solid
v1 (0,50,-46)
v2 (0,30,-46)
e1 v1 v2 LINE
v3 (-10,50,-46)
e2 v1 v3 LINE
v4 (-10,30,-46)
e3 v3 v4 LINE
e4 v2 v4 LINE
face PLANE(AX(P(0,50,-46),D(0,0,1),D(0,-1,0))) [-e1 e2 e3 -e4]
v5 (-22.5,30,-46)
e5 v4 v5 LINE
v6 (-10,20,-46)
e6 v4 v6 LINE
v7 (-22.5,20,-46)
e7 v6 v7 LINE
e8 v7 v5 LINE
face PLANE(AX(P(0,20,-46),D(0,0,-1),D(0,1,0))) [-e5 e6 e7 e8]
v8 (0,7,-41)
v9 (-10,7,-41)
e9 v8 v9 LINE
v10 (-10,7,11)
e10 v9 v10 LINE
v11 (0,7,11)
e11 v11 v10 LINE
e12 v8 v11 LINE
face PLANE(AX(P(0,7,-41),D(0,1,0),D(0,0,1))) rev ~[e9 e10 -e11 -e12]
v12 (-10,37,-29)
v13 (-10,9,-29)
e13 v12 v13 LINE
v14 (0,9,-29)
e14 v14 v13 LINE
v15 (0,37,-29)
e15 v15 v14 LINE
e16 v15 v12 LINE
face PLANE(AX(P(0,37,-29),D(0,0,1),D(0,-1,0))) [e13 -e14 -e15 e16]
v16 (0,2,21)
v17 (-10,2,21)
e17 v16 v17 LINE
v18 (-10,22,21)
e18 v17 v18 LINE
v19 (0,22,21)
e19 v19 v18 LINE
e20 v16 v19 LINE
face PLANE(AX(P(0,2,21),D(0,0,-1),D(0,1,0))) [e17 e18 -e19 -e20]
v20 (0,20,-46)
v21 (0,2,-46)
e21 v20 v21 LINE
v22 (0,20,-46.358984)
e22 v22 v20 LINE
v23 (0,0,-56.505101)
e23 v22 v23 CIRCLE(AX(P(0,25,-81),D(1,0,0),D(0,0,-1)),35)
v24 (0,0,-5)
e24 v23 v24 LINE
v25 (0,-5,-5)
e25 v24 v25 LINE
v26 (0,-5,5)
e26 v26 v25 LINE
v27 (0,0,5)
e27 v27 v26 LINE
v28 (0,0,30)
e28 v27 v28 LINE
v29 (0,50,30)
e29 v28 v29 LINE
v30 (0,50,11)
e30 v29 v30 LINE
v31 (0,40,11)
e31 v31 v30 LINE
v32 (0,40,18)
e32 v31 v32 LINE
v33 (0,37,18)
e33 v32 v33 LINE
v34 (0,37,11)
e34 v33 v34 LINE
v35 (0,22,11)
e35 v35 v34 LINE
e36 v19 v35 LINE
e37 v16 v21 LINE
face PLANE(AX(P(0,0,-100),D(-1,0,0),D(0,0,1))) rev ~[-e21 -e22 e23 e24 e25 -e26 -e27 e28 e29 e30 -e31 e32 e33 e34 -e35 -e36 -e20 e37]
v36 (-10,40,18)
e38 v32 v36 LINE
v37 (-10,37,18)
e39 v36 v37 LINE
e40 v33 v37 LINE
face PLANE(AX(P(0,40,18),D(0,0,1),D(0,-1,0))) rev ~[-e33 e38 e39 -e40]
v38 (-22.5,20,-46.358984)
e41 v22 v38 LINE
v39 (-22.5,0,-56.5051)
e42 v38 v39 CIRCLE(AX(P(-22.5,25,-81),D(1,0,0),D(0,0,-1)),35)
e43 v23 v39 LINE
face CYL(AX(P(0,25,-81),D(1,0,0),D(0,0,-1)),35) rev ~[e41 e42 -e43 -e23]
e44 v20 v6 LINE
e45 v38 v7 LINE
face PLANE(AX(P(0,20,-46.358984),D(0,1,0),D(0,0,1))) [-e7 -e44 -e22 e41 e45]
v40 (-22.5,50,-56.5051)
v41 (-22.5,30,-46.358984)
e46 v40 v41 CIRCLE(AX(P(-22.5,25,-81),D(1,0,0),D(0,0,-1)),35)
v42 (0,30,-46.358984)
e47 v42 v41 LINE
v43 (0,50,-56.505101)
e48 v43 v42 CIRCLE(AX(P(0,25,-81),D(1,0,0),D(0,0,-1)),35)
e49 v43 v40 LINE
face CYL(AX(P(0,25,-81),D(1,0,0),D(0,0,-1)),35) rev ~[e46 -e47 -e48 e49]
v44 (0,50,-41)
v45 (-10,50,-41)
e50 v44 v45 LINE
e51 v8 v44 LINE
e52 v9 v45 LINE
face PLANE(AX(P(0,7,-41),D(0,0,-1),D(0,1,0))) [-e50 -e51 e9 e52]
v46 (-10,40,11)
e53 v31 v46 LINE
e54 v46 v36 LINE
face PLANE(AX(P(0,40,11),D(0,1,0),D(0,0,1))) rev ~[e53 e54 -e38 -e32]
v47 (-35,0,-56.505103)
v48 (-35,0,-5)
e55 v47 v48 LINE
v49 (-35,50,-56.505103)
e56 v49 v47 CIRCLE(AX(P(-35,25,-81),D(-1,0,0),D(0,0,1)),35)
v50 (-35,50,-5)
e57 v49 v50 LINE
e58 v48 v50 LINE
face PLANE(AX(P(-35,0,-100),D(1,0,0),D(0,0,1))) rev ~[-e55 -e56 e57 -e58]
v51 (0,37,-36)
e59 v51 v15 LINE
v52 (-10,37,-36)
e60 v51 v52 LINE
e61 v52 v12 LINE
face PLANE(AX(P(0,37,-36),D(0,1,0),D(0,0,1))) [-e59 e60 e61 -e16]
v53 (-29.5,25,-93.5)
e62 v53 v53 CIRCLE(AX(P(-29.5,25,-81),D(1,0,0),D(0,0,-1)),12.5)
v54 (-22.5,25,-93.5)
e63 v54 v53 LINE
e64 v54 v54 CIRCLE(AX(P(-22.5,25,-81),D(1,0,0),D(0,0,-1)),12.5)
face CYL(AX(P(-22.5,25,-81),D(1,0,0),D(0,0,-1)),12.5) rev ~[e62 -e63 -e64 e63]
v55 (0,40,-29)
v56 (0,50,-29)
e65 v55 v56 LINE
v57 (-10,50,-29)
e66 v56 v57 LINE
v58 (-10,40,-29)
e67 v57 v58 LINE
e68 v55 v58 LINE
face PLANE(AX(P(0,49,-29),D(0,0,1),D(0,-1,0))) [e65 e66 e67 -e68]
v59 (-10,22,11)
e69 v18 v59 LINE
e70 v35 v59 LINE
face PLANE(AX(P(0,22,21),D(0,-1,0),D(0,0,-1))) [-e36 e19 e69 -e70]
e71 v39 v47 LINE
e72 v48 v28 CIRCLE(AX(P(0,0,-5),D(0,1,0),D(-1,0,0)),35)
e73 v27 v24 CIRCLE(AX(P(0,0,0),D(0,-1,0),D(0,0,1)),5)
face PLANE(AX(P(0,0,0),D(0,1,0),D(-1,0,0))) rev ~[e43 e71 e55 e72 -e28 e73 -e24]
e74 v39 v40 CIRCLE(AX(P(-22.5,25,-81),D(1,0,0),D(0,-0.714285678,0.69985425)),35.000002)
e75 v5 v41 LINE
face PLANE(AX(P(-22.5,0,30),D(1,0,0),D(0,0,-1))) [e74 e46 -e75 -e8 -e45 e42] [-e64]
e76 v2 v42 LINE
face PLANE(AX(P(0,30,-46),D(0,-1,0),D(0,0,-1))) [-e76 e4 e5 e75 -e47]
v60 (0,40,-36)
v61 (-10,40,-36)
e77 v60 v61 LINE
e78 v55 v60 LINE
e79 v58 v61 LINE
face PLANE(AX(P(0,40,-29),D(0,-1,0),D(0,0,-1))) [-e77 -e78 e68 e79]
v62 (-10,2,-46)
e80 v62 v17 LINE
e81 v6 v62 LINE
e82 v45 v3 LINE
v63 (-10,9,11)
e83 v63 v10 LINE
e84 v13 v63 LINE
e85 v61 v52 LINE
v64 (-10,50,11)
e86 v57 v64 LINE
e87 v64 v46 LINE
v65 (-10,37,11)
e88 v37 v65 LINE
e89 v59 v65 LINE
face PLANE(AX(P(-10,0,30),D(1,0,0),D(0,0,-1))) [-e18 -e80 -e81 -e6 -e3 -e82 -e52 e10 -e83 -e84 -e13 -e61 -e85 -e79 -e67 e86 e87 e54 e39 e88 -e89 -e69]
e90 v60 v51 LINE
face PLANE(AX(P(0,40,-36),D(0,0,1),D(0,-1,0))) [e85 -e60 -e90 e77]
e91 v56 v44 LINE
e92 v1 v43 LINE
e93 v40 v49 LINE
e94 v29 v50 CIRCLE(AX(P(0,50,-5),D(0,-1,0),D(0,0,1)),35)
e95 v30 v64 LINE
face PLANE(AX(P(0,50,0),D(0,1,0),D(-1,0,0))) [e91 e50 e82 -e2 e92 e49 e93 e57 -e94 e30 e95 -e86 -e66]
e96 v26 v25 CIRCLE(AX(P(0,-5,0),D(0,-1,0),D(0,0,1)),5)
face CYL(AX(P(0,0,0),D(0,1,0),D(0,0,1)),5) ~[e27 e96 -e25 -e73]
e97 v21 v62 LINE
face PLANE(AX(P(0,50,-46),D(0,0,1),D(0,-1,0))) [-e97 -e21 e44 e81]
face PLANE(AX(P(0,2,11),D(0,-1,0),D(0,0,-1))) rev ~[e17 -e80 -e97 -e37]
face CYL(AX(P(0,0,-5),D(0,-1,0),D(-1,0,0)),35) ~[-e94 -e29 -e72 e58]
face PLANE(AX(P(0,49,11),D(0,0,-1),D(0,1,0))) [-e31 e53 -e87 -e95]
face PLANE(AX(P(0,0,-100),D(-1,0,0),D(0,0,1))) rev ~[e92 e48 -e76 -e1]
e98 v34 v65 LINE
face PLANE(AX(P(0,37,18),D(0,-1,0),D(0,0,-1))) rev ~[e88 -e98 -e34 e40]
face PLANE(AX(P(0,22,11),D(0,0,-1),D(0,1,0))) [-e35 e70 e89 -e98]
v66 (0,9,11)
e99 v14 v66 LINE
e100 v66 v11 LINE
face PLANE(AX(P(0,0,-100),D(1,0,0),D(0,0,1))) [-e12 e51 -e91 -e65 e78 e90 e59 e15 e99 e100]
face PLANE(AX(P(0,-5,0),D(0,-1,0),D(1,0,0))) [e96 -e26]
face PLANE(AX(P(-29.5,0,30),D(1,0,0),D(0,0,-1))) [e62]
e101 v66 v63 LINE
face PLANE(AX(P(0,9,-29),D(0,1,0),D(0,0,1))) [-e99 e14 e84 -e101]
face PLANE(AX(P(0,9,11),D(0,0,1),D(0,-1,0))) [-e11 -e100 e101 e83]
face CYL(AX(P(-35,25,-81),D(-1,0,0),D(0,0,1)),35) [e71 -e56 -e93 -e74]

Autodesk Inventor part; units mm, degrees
ref_plane "YZ Plane" through (0, 0, 0) normal (1, 0, 0) x (0, 1, 0)
ref_plane "XZ Plane" through (0, 0, 0) normal (0, 1, 0) x (-1, 0, 0)
ref_plane "XY Plane" through (0, 0, 0) normal (0, 0, 1) x (1, 0, 0)
sketch "Sketch1" plane through (0, 0, 0) normal (0, 1, 0) x (-1, 0, 0)
  arc A0 (35, -5) -> (0, 30) centre (0, -5) ccw
  line L0 (34.641, 0) -> (0, 0)
  line L1 (-35, -5) -> (-35, -100) construction
  line L2 (-35, -100) -> (0, -100) construction
  line L3 (35, -100) -> (35, -5)
  line L4 (0, -100) -> (0, 30)
  arc A1 (0, 30) -> (-35, -5) centre (0, -5) ccw construction
  line L5 (0, -5) -> (-35, -5) construction
  line L6 (0, -100) -> (35, -100)
  dimension "d0" = 70
  dimension "d1" = 130
  dimension "d32" = 30
  dimension "d33" = 35
  dimension "d34" = 5
extrude "Extrusion1" add sketch "Sketch1" along normal blind 50
sketch "Sketch2" plane through (0, 0, 30) normal (1, 0, 0) x (0, 0, -1)
  line L0 (19, 49) -> (27.5, 49)
  line L1 (59, 49) -> (59, 40)
  line L2 (59, 9) -> (19, 9)
  line L3 (19, 9) -> (19, 14)
  line L4 (19, 40) -> (12, 40)
  line L5 (12, 40) -> (12, 37)
  line L6 (12, 37) -> (19, 37)
  line L7 (19, 37) -> (19, 40) construction
  line L8 (19, 17) -> (14, 17)
  line L9 (14, 17) -> (14, 14)
  line L10 (14, 14) -> (19, 14)
  line L11 (19, 14) -> (19, 17) construction
  line L12 (59, 40) -> (66, 40)
  line L13 (66, 40) -> (66, 37)
  line L14 (66, 37) -> (59, 37)
  line L15 (59, 37) -> (59, 40) construction
  line L16 (27.5, 49) -> (32.5, 49) construction
  line L17 (32.5, 49) -> (32.5, 54)
  line L18 (32.5, 54) -> (27.5, 54)
  line L19 (27.5, 54) -> (27.5, 49)
  line L20 (0, 50) -> (130, 50) projected
  line L21 (19, 40) -> (19, 49)
  line L22 (19, 37) -> (19, 40) construction
  line L23 (19, 17) -> (19, 37)
  line L24 (19, 14) -> (19, 17) construction
  line L25 (59, 40) -> (59, 37) construction
  line L26 (59, 37) -> (59, 9)
  line L27 (27.5, 49) -> (32.5, 49) construction
  line L28 (32.5, 49) -> (59, 49)
  line L29 (9, 22) -> (19, 22)
  line L30 (19, 22) -> (19, 7)
  line L31 (19, 2) -> (9, 2)
  line L32 (9, 2) -> (9, 22)
  line L33 (19, 2) -> (76, 2)
  line L34 (19, 49) -> (19, 50)
  line L35 (59, 49) -> (59, 50)
  line L36 (71, 7) -> (71, 50)
  line L37 (71, 50) -> (76, 50)
  line L38 (76, 50) -> (76, 2)
  line L39 (71, 7) -> (19, 7)
  line L40 (0, 0) -> (0, 50) projected
  line L41 (30, 54) -> (30, 14.5)
  point P0 (66, 38.5)
  point P1 (19, 9)
  point P2 (32.5, 50)
  point P3 (27.5, 50)
  point P4 (19, 9)
  dimension "d5" = 3
  dimension "d6" = 3
  dimension "d7" = 5
  dimension "d8" = 40
  dimension "d9" = 5
  dimension "d10" = 5
  dimension "d11" = 36
  dimension "d12" = 40
  dimension "d13" = 7
  dimension "d14" = 5
  dimension "d15" = 7
  dimension "d16" = 9
  dimension "d18" = 1
  dimension "d20" = 10
  dimension "d21" = 5
  dimension "d22" = 20
  dimension "d26" = 5
  dimension "d27" = 5
  dimension "d28" = 57
  dimension "d29" = 48
  dimension "d30" = 5
  dimension "d36" = 30
extrude "Extrusion2" cut sketch "Sketch2" against normal blind 10 contours L34 L20 L19 L0 | L0 L19 L20 L17 L28 L1 L12 L13 L14 L26 L2 L3 L30 L23 L6 L5 L4 L21 | L20 L35 L28 L17 | L23 L8 L9 L10 L3 L30 L39 L36 L20 L38 L33 L31 L32 L29 | L30 L10 L9 L8
sketch "Sketch3" plane through (-35, 0, -100) normal (-1, 0, 0) x (0, 0, 1)
  circle A0 centre (19, 25) radius 35
  line L0 (130, 0) -> (130, 50) projected
  line L1 (54, 50) -> (54, 2) projected
  line L2 (19, 25) -> (130, 25)
  point P0 (100, 0)
  dimension "d37" = 70
extrude "Extrusion3" add sketch "Sketch3" against normal up to surface (35 mm away)
sketch "Sketch4" plane through (0, 0, 0) normal (0, -1, 0) x (1, 0, 0)
  arc A0 (0, 5) -> (0, -5) centre (0, 0) ccw
  line L0 (0, 5) -> (0, -5)
  line L1 (0, -46) -> (0, 21) projected
  dimension "d41" = 10
extrude "Extrusion4" add sketch "Sketch4" along normal blind 5
sketch "Sketch5" plane through (0, 0, 30) normal (1, 0, 0) x (0, 0, -1)
  arc A0 (86.5051, 0) -> (86.5051, 50) centre (111, 25) ccw projected
  circle A1 centre (111, 25) radius 35
  line L0 (76, 30) -> (111, 30)
  line L1 (111, 30) -> (111, 20)
  line L2 (111, 20) -> (76, 20)
  line L3 (76, 20) -> (76, 30)
  line L4 (76, 50) -> (76, 2) projected
  point P0 (30, 0)
  point P1 (86.5051, 0)
  point P2 (76, 25)
  point P3 (76.359, 20)
  point P4 (76.359, 30)
  dimension "d46" = 10
extrude "Extrusion5" cut sketch "Sketch5" against normal blind 22.5
sketch "Sketch6" plane through (-22.5, 0, 30) normal (1, 0, 0) x (0, 0, -1)
  arc A0 (86.5051, 0) -> (86.5051, 50) centre (111, 25) ccw projected
  circle A1 centre (111, 25) radius 12.5
  point P0 (30, 0)
  dimension "d47" = 25
extrude "Extrusion6" cut sketch "Sketch6" against normal blind 7
equation "\"d33\" = 0.5 * d0"
equation "\"d34\" = 0.5 * d0 - d32"
properties part number "wirst 2 right"
